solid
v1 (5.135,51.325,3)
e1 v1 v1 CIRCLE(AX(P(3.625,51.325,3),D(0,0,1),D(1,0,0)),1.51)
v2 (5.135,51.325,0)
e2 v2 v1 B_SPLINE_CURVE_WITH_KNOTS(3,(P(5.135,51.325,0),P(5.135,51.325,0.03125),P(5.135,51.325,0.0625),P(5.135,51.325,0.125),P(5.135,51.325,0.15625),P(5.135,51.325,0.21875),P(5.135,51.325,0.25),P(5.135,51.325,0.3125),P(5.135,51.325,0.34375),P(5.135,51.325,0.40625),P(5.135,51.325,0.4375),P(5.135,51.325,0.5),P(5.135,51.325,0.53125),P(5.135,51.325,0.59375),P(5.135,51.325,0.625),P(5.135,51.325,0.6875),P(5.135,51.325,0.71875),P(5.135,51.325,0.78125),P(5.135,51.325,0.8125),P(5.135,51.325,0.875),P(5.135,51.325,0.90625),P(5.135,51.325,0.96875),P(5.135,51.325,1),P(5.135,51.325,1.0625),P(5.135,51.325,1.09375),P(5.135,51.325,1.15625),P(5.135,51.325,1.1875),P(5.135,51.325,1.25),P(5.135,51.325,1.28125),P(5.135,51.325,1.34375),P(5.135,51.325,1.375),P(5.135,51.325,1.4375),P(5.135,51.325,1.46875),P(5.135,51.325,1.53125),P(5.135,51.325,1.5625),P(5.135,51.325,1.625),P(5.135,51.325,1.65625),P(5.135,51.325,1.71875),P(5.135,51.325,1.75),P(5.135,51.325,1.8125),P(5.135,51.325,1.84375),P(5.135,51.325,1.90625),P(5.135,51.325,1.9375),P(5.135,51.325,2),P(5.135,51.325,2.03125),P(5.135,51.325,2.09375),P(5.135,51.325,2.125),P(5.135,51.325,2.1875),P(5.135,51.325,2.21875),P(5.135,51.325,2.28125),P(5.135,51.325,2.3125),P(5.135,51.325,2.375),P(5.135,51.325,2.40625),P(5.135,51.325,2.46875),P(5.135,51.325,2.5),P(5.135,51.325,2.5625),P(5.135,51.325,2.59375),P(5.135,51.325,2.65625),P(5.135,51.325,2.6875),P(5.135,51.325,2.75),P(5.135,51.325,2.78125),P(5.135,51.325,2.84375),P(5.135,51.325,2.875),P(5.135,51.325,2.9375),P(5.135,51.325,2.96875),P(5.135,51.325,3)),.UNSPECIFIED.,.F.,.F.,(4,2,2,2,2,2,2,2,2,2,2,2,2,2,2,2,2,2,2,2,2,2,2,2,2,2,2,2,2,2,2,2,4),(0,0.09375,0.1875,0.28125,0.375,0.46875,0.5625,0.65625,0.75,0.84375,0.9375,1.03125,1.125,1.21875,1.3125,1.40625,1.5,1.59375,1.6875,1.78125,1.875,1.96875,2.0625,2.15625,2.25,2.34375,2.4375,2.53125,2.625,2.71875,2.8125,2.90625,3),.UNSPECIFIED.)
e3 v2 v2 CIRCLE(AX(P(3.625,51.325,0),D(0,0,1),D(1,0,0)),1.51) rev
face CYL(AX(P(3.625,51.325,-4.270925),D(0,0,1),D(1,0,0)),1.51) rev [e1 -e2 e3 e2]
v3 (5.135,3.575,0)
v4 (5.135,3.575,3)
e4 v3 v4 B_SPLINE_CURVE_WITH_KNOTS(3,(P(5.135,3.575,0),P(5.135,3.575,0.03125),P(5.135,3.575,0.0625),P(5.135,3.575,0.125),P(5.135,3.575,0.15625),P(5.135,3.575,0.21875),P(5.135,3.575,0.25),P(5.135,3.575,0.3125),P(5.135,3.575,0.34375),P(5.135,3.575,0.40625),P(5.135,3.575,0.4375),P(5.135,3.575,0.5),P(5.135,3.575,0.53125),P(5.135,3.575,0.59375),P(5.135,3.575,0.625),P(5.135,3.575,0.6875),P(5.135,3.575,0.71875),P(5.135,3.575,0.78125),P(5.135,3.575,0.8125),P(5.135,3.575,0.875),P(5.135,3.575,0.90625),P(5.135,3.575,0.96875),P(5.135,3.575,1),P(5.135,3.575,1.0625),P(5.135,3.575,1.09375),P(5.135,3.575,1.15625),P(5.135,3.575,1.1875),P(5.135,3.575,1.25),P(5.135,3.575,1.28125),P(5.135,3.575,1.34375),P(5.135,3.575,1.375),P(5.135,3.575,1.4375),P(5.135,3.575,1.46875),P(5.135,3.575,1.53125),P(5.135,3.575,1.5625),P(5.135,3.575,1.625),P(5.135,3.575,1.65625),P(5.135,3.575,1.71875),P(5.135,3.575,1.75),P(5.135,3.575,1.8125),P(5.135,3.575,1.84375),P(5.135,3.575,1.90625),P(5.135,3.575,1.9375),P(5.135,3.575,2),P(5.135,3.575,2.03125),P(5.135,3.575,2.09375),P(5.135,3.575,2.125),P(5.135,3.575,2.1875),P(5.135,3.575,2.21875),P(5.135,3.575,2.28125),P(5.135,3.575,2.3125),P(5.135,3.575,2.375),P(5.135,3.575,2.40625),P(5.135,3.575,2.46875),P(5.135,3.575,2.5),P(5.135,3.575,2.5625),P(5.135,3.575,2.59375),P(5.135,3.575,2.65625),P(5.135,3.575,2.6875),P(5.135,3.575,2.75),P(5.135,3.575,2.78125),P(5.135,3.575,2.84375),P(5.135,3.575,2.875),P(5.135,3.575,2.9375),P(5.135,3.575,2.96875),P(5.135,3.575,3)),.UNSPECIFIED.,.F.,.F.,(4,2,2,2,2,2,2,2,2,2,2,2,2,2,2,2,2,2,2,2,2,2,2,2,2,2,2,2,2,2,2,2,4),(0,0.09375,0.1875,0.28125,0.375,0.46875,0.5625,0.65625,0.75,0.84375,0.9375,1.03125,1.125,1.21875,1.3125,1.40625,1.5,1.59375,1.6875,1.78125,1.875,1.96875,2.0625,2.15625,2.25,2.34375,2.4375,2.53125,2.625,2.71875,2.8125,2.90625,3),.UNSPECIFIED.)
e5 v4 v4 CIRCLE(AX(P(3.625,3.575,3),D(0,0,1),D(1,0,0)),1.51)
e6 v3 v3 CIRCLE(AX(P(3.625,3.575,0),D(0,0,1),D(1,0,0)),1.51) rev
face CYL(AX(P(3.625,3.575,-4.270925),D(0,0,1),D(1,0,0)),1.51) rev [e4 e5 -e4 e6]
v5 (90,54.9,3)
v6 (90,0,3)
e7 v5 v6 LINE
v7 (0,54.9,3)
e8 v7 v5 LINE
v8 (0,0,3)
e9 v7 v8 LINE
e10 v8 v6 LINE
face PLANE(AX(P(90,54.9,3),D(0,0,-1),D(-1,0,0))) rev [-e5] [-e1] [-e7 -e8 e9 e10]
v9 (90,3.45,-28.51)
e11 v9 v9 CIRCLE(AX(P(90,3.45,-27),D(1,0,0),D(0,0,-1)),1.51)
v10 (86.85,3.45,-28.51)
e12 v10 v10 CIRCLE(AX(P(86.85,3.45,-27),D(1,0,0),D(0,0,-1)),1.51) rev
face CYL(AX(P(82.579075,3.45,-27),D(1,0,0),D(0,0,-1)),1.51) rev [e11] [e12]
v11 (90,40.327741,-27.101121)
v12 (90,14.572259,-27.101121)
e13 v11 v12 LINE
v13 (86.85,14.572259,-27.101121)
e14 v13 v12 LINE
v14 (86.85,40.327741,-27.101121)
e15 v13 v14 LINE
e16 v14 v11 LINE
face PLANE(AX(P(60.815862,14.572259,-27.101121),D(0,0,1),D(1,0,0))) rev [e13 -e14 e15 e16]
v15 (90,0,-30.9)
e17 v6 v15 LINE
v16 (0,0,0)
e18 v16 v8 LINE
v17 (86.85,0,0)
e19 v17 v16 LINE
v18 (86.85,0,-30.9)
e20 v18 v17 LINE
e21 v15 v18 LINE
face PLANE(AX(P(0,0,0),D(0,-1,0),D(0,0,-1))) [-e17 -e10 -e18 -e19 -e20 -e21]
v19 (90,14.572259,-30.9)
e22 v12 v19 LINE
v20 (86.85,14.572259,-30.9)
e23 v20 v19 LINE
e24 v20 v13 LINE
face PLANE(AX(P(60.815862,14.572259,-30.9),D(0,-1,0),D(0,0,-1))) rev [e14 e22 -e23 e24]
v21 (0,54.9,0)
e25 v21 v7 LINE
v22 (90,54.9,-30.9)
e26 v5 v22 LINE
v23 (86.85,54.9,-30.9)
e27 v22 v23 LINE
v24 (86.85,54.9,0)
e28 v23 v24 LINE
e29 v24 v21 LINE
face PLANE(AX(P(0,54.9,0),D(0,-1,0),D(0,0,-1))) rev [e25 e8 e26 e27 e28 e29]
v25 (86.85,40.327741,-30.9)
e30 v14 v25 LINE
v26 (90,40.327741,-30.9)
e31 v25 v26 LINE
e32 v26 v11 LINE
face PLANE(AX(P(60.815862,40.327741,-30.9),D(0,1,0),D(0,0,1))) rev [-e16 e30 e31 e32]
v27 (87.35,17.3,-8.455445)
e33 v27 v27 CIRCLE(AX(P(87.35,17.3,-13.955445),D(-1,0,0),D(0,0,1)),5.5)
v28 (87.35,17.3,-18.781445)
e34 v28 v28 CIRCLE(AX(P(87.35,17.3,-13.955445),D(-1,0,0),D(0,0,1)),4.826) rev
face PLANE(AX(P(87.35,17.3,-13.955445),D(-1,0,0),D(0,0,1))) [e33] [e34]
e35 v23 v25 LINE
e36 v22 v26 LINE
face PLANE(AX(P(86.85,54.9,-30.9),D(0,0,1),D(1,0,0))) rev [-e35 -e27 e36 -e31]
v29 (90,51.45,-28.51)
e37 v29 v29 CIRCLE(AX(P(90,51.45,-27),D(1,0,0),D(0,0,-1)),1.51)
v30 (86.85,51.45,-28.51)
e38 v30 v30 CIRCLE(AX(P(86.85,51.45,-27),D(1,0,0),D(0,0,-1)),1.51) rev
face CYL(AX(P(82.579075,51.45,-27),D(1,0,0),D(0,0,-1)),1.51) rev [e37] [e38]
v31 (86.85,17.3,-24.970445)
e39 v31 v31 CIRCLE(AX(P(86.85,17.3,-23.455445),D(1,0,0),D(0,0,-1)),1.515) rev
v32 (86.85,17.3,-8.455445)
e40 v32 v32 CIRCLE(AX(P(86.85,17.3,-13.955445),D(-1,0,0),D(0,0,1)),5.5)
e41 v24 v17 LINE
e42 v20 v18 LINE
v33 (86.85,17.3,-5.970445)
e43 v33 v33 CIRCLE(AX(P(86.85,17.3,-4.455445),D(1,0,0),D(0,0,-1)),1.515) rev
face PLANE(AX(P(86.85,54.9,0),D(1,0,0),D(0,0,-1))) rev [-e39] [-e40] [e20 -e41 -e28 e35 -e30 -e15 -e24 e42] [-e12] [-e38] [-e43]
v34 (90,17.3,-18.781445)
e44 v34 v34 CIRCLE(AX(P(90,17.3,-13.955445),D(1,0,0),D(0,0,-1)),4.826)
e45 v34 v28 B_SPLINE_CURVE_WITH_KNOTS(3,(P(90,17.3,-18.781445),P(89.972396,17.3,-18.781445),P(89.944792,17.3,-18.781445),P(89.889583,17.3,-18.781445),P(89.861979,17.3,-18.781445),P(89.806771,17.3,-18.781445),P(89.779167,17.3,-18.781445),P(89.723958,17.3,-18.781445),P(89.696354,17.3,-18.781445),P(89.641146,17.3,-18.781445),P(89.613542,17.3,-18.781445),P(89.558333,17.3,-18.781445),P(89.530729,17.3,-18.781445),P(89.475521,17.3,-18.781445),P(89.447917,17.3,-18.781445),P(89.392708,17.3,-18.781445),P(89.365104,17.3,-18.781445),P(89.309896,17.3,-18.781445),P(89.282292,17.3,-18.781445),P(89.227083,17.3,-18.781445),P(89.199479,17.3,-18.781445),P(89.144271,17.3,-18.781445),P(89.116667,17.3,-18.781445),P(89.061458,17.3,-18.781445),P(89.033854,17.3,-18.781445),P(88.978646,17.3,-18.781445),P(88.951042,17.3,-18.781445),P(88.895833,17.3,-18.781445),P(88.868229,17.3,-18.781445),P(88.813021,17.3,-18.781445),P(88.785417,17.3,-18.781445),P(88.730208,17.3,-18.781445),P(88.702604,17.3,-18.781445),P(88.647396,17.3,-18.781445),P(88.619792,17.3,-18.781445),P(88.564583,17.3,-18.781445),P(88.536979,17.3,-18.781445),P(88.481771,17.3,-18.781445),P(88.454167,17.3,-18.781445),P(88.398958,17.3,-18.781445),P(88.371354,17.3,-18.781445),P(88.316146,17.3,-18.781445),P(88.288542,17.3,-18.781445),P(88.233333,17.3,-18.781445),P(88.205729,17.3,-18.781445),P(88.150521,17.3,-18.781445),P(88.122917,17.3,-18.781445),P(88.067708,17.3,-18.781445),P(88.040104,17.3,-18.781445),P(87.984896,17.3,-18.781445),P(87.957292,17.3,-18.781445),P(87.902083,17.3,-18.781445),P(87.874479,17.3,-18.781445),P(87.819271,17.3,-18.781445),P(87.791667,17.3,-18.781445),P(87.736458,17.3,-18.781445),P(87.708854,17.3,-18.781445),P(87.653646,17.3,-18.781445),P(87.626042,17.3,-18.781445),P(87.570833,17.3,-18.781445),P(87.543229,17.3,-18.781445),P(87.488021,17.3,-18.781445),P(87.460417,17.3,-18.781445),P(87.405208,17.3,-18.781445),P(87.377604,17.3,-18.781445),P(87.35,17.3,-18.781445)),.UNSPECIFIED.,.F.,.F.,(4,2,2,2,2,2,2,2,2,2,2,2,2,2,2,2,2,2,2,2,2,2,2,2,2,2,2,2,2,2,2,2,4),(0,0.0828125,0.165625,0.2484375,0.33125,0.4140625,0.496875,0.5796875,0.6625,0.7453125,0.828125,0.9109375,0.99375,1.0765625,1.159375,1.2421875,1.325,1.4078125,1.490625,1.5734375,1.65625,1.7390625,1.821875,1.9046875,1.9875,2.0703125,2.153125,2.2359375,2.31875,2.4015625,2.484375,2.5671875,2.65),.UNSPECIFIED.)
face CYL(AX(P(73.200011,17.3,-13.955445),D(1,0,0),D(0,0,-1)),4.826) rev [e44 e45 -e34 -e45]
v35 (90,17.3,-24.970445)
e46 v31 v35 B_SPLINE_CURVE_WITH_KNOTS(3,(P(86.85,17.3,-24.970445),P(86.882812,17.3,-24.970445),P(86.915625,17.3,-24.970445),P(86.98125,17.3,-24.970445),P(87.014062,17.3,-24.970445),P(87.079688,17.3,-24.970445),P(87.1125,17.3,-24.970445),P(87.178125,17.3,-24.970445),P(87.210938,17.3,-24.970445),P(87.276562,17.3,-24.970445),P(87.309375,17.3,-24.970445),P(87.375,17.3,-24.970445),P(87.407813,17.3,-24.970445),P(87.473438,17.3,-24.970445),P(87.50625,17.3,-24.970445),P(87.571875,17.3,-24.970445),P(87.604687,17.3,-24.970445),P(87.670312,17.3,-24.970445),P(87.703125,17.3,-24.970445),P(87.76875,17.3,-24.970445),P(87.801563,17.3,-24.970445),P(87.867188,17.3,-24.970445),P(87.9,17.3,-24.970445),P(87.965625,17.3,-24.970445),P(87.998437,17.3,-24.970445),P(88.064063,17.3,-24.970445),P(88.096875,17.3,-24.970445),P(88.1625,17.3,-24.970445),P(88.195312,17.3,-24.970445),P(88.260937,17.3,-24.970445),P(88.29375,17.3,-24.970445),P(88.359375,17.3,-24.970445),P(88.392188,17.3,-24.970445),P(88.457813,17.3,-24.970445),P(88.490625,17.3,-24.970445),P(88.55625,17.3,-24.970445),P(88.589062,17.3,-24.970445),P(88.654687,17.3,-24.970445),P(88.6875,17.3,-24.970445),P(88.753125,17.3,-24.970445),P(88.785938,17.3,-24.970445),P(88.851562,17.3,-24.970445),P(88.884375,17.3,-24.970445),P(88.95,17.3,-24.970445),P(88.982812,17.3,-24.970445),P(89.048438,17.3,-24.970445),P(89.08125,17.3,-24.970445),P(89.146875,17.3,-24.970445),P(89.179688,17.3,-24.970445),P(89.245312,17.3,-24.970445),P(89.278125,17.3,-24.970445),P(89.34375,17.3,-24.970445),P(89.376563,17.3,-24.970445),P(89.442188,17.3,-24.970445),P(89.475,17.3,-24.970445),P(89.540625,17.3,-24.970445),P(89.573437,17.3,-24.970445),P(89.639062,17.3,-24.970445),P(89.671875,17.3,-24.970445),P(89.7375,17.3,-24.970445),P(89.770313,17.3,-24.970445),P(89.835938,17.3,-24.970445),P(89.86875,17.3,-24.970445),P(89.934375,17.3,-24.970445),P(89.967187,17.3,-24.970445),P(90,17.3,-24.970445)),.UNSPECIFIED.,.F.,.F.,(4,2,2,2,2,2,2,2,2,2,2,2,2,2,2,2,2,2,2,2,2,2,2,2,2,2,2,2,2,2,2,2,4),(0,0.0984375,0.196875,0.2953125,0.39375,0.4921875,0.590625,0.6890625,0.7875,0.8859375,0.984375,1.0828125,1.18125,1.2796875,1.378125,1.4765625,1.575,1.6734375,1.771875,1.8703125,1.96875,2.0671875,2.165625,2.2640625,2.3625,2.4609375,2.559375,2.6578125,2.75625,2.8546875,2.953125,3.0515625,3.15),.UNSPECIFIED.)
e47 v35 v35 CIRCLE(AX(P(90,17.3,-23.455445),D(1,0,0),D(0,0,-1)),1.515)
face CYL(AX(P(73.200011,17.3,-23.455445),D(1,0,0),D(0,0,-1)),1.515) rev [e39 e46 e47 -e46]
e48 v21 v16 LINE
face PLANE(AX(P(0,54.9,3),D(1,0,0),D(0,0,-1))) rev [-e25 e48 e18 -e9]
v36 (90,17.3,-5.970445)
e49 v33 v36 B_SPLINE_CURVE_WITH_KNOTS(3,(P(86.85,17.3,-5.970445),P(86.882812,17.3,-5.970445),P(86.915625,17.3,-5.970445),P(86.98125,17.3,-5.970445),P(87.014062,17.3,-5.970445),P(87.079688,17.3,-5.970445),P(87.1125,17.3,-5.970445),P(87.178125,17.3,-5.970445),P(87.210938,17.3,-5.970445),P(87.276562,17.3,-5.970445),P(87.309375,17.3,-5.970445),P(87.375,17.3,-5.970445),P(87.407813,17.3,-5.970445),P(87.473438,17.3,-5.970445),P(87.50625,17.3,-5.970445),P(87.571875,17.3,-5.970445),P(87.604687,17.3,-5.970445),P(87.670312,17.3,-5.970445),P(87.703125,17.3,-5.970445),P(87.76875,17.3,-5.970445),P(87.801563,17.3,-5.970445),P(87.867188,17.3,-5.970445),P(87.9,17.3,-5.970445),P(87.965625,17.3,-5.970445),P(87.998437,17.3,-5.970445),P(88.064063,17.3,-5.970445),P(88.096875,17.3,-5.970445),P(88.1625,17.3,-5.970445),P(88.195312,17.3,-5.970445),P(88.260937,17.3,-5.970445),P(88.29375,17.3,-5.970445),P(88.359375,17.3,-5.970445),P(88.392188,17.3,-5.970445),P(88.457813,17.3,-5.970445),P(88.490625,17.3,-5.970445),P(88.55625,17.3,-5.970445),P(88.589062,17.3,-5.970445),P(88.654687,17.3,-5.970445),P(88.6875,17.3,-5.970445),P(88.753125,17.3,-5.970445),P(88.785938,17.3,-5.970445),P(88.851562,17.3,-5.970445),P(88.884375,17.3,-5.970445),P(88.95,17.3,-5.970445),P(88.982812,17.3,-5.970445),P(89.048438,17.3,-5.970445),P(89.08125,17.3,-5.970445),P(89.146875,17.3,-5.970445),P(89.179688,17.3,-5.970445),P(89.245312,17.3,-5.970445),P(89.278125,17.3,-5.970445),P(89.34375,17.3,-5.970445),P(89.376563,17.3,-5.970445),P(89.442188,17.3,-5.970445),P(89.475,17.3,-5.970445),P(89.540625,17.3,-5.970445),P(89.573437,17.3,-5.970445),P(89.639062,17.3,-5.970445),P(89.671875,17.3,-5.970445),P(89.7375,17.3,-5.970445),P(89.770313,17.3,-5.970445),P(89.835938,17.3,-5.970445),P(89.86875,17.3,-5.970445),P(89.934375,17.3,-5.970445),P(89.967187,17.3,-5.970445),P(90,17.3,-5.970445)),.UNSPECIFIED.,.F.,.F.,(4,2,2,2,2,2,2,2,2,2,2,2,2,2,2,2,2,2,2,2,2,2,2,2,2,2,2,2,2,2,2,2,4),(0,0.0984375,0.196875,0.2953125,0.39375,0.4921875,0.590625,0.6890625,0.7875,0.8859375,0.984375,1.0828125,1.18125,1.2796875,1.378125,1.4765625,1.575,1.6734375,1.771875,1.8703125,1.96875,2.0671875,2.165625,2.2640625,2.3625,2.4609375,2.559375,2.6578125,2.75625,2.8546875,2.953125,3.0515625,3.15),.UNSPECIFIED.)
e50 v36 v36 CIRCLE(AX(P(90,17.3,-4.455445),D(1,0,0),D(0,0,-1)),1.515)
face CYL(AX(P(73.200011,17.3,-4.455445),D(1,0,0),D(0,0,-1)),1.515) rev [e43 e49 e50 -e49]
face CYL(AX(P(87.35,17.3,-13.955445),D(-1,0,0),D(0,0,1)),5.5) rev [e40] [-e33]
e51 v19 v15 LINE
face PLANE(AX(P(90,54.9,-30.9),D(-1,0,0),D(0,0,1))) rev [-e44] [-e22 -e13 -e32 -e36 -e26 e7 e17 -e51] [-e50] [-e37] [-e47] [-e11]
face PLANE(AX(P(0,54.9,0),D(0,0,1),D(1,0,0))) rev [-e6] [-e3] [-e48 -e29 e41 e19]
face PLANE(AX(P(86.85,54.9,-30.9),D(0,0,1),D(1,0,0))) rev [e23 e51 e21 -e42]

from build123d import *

# Parameters (mm, degrees)
BOSS_EXTRUDE1_DEPTH = 54.9
SKETCH2_R           = 1.51
CUT_EXTRUDE1_DEPTH  = 3.15
SKETCH3_R           = 1.51
CUT_EXTRUDE2_DEPTH  = 3
SKETCH4_R           = 4.826
SKETCH4_R_2         = 1.515
CUT_EXTRUDE3_DEPTH  = 3.15
SKETCH6_R           = 5.5
CUT_EXTRUDE5_DEPTH  = 0.5
SKETCH8_W           = 3.798879325
SKETCH8_H           = 25.75548204
CUT_EXTRUDE7_DEPTH  = 3.15


with BuildPart() as part:
    # Sketch1 → Boss-Extrude1 (new body)
    with BuildSketch(Plane(origin=(0, 0, 0), x_dir=(1, 0, 0), z_dir=(0, 1, 0))):
        Polygon((0, 0), (86.85, 0), (86.85, 30.9), (90, 30.9), (90, -3), (0, -3), align=None)
    extrude(amount=BOSS_EXTRUDE1_DEPTH)

    # Sketch2 → Cut-Extrude1 (cut)
    with BuildSketch(Plane(origin=(90, 0, 0), x_dir=(0, 0, -1), z_dir=(1, 0, 0))):
        with Locations((27, 51.45)):
            Circle(SKETCH2_R)
        with Locations((27, 3.45)):
            Circle(SKETCH2_R)
    extrude(amount=-CUT_EXTRUDE1_DEPTH, mode=Mode.SUBTRACT)

    # Sketch3 → Cut-Extrude2 (cut)
    with BuildSketch(Plane.XY.offset(3)):
        with Locations((3.625, 51.325)):
            Circle(SKETCH3_R)
        with Locations((3.625, 3.575)):
            Circle(SKETCH3_R)
    extrude(amount=-CUT_EXTRUDE2_DEPTH, mode=Mode.SUBTRACT)

    # Sketch4 → Cut-Extrude3 (cut)
    with BuildSketch(Plane(origin=(90, 0, 0), x_dir=(0, 0, -1), z_dir=(1, 0, 0))):
        with Locations((13.95544469, 17.3)):
            Circle(SKETCH4_R)
        with Locations((23.45544469, 17.3)):
            Circle(SKETCH4_R_2)
        with Locations((4.45544469, 17.3)):
            Circle(SKETCH4_R_2)
    extrude(amount=-CUT_EXTRUDE3_DEPTH, mode=Mode.SUBTRACT)

    # Sketch6 → Cut-Extrude5 (cut)
    with BuildSketch(Plane.ZY.offset(-86.85)):
        with Locations((-13.95544469, 17.3)):
            Circle(SKETCH6_R)
    extrude(amount=-CUT_EXTRUDE5_DEPTH, mode=Mode.SUBTRACT)

    # Sketch8 → Cut-Extrude7 (cut)
    with BuildSketch(Plane(origin=(90, 0, 0), x_dir=(0, 0, -1), z_dir=(1, 0, 0))):
        with Locations((29.000560338, 27.45)):
            Rectangle(SKETCH8_W, SKETCH8_H)
    extrude(amount=-CUT_EXTRUDE7_DEPTH, mode=Mode.SUBTRACT)


solid = part.part
